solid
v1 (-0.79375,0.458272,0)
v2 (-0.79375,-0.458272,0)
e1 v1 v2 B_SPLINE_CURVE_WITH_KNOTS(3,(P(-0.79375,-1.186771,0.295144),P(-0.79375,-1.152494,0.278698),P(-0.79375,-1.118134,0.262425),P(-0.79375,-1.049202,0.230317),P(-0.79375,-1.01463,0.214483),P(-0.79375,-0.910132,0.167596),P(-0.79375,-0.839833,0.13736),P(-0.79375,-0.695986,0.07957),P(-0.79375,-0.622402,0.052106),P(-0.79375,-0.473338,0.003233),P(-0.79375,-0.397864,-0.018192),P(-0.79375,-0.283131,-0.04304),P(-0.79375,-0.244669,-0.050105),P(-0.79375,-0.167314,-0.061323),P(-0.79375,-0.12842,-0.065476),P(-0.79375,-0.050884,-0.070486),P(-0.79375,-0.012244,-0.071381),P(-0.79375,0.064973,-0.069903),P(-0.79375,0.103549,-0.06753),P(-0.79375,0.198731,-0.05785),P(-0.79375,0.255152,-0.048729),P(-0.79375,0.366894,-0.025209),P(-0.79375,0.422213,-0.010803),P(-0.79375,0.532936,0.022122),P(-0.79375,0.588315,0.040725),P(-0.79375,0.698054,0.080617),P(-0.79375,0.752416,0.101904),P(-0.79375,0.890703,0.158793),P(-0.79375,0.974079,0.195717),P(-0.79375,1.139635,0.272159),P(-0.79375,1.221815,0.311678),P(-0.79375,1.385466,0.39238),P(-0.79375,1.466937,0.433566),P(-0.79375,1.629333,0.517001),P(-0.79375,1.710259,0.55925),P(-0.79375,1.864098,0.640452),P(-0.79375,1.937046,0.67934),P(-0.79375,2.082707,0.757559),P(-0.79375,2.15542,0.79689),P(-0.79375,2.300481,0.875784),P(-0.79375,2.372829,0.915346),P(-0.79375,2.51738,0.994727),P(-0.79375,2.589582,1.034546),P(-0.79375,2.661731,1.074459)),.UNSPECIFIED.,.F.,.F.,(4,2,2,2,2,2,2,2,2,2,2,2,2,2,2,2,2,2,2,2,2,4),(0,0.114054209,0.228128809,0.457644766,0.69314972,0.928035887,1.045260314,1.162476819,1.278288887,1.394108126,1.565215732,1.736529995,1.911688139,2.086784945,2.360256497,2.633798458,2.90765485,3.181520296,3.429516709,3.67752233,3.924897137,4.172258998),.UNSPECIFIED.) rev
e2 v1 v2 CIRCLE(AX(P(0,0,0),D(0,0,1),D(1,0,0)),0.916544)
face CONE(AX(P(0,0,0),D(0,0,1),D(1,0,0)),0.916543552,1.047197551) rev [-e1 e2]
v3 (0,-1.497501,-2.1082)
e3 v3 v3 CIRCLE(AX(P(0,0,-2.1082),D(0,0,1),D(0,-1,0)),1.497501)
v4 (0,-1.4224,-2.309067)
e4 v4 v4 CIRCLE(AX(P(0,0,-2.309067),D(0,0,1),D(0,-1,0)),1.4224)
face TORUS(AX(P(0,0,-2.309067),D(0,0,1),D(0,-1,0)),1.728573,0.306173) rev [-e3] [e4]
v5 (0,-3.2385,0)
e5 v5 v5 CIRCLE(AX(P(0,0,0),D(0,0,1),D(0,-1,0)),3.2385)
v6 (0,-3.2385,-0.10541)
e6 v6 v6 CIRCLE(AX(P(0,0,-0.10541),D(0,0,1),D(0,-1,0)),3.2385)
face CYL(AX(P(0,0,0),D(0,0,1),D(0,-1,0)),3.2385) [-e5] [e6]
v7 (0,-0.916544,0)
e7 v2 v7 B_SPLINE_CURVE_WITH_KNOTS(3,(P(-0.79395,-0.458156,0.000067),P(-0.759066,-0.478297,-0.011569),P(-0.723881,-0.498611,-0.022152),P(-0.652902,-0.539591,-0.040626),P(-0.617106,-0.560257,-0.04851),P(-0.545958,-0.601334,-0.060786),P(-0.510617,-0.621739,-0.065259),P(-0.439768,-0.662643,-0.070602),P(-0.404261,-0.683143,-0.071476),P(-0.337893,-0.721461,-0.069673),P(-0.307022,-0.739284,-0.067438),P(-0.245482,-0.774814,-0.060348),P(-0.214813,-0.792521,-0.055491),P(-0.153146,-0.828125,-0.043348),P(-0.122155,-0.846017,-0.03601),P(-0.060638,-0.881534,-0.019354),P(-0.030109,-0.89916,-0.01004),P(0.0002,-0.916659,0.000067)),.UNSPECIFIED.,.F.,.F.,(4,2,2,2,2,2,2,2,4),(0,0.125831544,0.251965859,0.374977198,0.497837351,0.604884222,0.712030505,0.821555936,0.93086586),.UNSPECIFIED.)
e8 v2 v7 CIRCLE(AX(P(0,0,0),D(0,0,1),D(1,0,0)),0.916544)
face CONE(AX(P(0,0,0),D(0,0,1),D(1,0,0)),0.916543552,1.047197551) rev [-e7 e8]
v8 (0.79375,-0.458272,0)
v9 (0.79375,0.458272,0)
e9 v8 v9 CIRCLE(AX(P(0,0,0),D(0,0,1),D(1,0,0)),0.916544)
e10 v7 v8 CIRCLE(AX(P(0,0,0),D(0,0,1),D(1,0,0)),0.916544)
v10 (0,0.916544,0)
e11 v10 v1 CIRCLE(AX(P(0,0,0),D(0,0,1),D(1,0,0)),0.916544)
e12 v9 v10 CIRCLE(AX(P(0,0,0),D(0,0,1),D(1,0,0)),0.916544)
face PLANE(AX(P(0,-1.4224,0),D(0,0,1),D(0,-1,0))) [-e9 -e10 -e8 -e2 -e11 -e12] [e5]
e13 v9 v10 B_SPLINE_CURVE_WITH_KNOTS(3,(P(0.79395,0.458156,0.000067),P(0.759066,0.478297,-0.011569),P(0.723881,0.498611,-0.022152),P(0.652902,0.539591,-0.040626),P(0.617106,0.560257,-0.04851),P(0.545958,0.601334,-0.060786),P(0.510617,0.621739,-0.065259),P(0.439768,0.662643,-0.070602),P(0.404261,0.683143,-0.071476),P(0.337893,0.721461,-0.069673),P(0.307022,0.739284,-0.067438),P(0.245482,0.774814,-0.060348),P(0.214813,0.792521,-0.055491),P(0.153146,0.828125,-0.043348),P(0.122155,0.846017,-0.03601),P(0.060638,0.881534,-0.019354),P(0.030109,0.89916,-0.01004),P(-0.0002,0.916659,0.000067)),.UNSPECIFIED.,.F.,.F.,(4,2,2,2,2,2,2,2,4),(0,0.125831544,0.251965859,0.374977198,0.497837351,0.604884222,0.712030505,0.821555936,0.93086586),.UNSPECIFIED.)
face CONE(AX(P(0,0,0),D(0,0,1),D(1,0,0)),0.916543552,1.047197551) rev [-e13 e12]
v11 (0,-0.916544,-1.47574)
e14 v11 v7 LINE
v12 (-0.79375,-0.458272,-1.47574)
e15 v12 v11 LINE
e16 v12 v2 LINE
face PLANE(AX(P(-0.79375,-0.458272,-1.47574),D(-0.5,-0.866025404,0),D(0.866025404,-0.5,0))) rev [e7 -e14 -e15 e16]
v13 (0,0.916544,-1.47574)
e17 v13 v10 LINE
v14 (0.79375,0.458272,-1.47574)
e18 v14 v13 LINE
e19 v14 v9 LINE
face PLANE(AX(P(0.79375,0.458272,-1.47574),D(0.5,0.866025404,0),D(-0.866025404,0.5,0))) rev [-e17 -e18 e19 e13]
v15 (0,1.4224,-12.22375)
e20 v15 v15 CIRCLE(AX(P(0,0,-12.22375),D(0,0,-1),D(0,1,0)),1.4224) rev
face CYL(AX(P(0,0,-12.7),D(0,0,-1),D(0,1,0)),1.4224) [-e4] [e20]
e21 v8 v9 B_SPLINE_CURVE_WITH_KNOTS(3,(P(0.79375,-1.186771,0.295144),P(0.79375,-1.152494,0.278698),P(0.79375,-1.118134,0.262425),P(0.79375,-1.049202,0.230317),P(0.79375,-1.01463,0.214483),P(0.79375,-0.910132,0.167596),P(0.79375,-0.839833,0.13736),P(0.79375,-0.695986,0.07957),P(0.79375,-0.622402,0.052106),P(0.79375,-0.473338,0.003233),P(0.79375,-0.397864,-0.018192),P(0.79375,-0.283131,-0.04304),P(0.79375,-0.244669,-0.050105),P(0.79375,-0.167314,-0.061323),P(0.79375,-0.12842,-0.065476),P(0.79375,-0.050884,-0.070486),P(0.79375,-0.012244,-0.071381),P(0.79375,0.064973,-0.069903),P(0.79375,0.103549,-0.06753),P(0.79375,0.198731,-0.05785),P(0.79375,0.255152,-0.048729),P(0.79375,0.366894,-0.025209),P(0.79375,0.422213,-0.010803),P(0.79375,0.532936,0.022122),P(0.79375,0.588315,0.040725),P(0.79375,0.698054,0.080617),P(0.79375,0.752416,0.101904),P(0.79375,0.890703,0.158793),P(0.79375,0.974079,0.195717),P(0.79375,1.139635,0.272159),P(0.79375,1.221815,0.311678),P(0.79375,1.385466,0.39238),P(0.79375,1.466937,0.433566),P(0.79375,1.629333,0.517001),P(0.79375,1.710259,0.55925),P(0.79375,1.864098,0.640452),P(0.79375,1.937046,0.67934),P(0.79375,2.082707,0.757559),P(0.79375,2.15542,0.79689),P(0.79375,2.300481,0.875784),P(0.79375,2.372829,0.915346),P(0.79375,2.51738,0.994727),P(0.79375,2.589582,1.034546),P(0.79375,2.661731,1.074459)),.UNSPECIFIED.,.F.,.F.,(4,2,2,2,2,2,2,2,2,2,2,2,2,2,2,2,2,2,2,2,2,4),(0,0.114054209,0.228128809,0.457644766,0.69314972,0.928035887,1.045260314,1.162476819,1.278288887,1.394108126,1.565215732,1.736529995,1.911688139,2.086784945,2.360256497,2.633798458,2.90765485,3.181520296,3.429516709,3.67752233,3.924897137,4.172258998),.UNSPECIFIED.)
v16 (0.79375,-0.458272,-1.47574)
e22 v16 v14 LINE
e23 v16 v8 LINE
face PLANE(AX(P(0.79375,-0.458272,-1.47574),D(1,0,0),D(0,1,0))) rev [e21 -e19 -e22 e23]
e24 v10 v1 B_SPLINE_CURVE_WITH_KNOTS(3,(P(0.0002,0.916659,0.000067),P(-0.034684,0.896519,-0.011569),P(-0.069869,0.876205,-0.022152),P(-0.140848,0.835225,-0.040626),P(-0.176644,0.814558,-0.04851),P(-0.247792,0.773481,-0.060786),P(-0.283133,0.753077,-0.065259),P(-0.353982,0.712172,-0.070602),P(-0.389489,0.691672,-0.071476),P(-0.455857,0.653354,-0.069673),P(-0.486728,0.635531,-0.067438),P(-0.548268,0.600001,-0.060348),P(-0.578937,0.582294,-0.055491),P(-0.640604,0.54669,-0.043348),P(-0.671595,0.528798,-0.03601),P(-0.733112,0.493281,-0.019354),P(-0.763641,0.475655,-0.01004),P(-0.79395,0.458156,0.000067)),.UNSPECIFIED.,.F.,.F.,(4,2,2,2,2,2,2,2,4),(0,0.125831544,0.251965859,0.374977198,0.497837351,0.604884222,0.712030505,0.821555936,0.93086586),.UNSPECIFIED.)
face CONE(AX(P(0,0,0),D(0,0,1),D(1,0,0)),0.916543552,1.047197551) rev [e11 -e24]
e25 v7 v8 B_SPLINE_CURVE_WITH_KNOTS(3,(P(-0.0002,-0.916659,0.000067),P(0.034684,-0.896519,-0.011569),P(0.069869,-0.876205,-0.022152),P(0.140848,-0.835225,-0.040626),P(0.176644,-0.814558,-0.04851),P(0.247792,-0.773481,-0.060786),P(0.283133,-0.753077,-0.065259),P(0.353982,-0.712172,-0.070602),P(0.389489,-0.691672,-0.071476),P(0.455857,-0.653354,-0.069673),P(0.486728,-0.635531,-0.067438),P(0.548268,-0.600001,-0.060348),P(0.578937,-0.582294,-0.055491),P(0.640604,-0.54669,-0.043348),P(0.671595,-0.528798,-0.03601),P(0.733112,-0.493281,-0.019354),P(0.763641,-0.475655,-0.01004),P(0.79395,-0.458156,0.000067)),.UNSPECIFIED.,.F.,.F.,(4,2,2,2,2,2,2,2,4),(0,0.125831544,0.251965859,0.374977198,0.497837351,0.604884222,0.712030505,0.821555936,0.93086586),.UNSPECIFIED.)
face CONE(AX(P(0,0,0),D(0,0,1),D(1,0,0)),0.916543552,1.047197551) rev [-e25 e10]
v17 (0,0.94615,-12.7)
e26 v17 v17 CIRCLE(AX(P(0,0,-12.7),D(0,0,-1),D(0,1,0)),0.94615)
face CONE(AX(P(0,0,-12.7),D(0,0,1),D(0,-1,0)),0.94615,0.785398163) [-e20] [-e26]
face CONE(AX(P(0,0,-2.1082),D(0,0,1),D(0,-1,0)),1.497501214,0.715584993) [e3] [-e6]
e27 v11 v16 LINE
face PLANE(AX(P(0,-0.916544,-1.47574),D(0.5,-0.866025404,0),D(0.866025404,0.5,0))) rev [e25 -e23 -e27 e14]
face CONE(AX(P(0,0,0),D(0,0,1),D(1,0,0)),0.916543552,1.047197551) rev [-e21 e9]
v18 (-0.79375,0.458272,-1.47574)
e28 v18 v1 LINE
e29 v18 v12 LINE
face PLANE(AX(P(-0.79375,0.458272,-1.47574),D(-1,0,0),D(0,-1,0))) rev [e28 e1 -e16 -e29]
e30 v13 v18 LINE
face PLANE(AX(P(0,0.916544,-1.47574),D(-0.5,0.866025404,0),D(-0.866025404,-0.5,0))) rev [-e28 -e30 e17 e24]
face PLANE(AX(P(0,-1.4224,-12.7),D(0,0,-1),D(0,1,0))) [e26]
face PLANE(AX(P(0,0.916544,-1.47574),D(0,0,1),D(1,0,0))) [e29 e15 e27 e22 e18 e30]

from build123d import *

# Parameters (mm, degrees)
SKETCH1_W          = 12.7
SKETCH1_H          = 1.4224
CHAMFER1_SIZE      = 0.47625
CUT_EXTRUDE2_DEPTH = 1.47574


with BuildPart() as part:
    # Sketch1 → Revolve1 (revolve)
    with BuildSketch(Plane(origin=(0, 0, 0), x_dir=(0, 0, -1), z_dir=(1, 0, 0))):
        with Locations((6.35, 0.7112)):
            Rectangle(SKETCH1_W, SKETCH1_H)
    revolve(axis=Axis((0, 0, -12.7), (0, 0, 1)))

    # Chamfer1
    chamfer1_edges = [part.edges().sort_by_distance(p)[0] for p in [
        (0, -1.4224, -12.7),
    ]]
    chamfer(chamfer1_edges, length=CHAMFER1_SIZE)

    # Sketch7 → Revolve2 (revolve)
    with BuildSketch(Plane(origin=(0, 0, 0), x_dir=(0, 0, -1), z_dir=(1, 0, 0)), mode=Mode.PRIVATE) as revolve2_sk:
        with BuildLine():
            Line((0, 3.2385), (0.10541, 3.2385))
            Line((0.10541, 3.2385), (2.1082, 1.497501214))
            ThreePointArc((2.1082, 1.497501214), (2.201843405, 1.441789243), (2.309067322, 1.4224))
            Line((2.309067322, 1.4224), (2.309067322, 0))
            Line((2.309067322, 0), (0, 0))
            Line((0, 0), (0, 3.2385))
        make_face()
    revolve(revolve2_sk.sketch.rotate(Axis((0, 0, 0), (0, 0, -1)), 180), axis=Axis((0, 0, 0), (0, 0, -1)))

    # Sketch5 → Cut-Extrude2 (cut)
    with BuildSketch(Plane.XY):
        Polygon((0, 0.916543552), (-0.79375, 0.458271776), (-0.79375, -0.458271776), (0, -0.916543552), (0.79375, -0.458271776), (0.79375, 0.458271776), align=None)
    extrude(amount=-CUT_EXTRUDE2_DEPTH, mode=Mode.SUBTRACT)

    # Cut-Extrude3 cone 1 section (through the dimple's axis) → Cut-Extrude3 (revolve, cut)
    with BuildSketch(Plane(origin=(0, 0, 0), x_dir=(0, -1, 0), z_dir=(1, 0, 0))):
        Polygon((0, 0), (0.916543552, 0), (0, 0.529166667), align=None)
    revolve(axis=Axis((0, 0, 0), (0, 0, -1)), mode=Mode.SUBTRACT)


solid = part.part
